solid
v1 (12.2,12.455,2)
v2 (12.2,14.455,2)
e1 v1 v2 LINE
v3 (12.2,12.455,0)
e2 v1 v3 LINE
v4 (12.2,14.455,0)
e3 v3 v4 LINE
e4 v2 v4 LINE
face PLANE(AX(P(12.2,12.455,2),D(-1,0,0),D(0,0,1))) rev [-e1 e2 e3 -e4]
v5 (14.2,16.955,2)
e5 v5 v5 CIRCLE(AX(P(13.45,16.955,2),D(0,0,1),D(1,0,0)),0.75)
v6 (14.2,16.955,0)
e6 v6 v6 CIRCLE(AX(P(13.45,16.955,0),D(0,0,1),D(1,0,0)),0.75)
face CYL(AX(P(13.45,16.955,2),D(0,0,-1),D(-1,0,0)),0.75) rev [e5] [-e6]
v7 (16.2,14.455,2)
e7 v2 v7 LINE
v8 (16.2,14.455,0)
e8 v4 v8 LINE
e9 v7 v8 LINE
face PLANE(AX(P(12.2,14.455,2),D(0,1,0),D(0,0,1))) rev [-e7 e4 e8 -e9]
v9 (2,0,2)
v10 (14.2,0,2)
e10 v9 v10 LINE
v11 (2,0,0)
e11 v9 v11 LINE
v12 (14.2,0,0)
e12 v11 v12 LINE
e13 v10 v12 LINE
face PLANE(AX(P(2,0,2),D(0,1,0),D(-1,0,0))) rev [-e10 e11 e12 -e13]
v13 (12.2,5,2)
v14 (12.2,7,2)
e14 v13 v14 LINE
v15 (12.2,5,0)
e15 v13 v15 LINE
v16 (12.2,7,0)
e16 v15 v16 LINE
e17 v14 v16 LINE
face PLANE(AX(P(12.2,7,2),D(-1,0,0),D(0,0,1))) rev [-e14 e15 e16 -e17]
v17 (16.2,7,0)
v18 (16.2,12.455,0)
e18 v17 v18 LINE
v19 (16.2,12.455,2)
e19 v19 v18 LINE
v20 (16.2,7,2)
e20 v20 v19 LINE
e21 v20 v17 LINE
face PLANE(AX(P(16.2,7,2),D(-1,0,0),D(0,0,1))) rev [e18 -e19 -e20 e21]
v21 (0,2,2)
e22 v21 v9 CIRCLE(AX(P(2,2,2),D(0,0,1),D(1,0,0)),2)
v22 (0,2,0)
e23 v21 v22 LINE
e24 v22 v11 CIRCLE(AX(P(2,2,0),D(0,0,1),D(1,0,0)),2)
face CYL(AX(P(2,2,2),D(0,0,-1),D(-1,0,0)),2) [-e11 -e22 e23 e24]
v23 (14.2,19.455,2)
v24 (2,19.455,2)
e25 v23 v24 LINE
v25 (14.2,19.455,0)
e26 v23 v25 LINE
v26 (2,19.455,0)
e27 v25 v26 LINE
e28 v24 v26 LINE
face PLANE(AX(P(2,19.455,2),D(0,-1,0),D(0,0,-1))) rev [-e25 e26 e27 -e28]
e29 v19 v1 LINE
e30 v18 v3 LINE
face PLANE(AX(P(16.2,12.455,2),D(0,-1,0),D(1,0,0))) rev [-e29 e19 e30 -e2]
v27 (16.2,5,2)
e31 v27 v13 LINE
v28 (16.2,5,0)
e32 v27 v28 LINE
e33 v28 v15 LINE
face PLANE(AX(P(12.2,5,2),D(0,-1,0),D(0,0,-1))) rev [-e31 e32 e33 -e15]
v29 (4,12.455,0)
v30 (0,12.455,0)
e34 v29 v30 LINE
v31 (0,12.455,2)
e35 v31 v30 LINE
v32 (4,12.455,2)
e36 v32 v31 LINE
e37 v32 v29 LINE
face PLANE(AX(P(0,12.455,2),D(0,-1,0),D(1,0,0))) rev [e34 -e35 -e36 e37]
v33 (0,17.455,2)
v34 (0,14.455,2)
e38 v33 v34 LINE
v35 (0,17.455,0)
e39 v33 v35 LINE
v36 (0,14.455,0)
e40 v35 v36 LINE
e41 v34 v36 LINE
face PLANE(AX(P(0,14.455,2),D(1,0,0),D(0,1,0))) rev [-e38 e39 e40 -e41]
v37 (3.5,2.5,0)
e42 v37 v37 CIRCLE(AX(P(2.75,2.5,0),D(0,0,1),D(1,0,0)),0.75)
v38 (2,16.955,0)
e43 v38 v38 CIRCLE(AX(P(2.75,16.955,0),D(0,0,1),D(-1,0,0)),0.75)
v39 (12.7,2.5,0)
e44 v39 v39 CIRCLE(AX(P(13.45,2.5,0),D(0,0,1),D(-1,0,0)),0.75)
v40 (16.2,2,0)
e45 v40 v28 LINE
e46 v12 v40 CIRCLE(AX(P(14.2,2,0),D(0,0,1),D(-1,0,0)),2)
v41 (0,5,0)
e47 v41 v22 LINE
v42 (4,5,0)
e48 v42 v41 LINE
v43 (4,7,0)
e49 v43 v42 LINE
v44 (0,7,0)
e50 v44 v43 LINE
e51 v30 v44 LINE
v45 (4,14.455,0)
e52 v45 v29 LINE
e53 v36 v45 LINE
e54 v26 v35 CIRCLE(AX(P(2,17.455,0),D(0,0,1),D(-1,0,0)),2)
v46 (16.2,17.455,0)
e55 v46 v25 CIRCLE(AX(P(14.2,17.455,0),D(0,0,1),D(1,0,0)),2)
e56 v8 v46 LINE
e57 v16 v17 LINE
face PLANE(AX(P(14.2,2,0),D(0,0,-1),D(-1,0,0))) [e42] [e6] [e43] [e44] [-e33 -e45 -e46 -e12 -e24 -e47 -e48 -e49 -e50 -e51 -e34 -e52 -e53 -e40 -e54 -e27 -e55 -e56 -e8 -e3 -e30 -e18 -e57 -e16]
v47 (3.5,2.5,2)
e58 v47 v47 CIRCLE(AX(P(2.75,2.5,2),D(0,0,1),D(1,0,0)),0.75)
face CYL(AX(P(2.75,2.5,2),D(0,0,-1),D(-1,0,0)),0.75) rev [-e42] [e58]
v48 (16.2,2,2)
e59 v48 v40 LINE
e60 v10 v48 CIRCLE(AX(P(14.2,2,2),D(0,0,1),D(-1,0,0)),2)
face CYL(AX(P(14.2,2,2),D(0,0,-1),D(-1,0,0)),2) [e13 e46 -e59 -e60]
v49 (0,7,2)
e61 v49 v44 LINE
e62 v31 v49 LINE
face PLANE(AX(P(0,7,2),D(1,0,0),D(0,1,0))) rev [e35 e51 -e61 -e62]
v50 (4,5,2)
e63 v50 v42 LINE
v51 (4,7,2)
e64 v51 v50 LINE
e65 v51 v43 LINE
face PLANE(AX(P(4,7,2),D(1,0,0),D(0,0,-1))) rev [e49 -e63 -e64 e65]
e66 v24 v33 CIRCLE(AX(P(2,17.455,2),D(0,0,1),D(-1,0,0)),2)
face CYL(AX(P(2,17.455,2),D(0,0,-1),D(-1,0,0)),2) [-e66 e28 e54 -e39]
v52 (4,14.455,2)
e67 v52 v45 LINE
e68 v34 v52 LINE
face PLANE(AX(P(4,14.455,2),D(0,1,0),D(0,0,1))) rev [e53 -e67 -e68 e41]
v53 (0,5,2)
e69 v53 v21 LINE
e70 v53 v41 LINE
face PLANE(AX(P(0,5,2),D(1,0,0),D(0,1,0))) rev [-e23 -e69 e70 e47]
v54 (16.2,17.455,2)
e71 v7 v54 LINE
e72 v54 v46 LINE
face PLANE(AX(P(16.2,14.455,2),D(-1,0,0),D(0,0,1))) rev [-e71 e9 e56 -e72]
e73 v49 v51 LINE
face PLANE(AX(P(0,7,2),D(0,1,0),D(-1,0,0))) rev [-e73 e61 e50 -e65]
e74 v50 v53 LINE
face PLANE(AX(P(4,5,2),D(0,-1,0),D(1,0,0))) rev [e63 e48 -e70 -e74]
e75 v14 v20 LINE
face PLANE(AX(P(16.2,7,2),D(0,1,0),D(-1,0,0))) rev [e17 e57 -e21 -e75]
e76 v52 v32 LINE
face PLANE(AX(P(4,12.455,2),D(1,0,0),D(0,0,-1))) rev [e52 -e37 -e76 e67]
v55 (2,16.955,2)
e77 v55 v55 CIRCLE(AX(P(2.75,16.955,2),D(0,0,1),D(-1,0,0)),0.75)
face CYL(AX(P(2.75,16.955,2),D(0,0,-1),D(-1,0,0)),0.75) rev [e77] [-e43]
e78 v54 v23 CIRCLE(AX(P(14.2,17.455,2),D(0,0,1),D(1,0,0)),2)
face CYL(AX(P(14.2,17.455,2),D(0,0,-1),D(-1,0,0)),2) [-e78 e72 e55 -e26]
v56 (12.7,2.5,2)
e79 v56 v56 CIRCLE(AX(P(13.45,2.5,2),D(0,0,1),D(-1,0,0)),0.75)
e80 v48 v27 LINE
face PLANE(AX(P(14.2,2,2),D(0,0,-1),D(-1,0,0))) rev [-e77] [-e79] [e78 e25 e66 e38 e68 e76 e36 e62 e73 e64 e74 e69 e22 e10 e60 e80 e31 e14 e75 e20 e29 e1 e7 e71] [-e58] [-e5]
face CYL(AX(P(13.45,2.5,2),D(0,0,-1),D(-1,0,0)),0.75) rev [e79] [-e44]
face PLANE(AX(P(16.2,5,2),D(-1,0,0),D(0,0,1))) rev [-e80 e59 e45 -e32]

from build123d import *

# Parameters (mm, degrees)
SKETCH2_R           = 0.75
BOSS_EXTRUDE1_DEPTH = 2


with BuildPart() as part:
    # Sketch2 → Boss-Extrude1 (new body)
    with BuildSketch(Plane.XY):
        with BuildLine():
            Line((0, 7), (0, 12.455))
            Line((0, 12.455), (4, 12.455))
            Line((4, 12.455), (4, 14.455))
            Line((4, 14.455), (0, 14.455))
            Line((0, 14.455), (0, 17.455))
            ThreePointArc((0, 17.455), (0.585786438, 18.869213562), (2, 19.455))
            Line((2, 19.455), (14.2, 19.455))
            ThreePointArc((14.2, 19.455), (15.614213562, 18.869213562), (16.2, 17.455))
            Line((16.2, 17.455), (16.2, 14.455))
            Line((16.2, 14.455), (12.2, 14.455))
            Line((12.2, 14.455), (12.2, 12.455))
            Line((12.2, 12.455), (16.2, 12.455))
            Line((16.2, 12.455), (16.2, 7))
            Line((16.2, 7), (12.2, 7))
            Line((12.2, 7), (12.2, 5))
            Line((12.2, 5), (16.2, 5))
            Line((16.2, 5), (16.2, 2))
            ThreePointArc((16.2, 2), (15.614213562, 0.585786438), (14.2, 0))
            Line((14.2, 0), (2, 0))
            ThreePointArc((2, 0), (0.585786438, 0.585786438), (0, 2))
            Line((0, 2), (0, 5))
            Line((0, 5), (4, 5))
            Line((4, 5), (4, 7))
            Line((4, 7), (0, 7))
        make_face()
        with Locations((13.45, 2.5)):
            Circle(SKETCH2_R, mode=Mode.SUBTRACT)
        with Locations((2.75, 16.955)):
            Circle(SKETCH2_R, mode=Mode.SUBTRACT)
        with Locations((2.75, 2.5)):
            Circle(SKETCH2_R, mode=Mode.SUBTRACT)
        with Locations((13.45, 16.955)):
            Circle(SKETCH2_R, mode=Mode.SUBTRACT)
    extrude(amount=BOSS_EXTRUDE1_DEPTH)


solid = part.part
